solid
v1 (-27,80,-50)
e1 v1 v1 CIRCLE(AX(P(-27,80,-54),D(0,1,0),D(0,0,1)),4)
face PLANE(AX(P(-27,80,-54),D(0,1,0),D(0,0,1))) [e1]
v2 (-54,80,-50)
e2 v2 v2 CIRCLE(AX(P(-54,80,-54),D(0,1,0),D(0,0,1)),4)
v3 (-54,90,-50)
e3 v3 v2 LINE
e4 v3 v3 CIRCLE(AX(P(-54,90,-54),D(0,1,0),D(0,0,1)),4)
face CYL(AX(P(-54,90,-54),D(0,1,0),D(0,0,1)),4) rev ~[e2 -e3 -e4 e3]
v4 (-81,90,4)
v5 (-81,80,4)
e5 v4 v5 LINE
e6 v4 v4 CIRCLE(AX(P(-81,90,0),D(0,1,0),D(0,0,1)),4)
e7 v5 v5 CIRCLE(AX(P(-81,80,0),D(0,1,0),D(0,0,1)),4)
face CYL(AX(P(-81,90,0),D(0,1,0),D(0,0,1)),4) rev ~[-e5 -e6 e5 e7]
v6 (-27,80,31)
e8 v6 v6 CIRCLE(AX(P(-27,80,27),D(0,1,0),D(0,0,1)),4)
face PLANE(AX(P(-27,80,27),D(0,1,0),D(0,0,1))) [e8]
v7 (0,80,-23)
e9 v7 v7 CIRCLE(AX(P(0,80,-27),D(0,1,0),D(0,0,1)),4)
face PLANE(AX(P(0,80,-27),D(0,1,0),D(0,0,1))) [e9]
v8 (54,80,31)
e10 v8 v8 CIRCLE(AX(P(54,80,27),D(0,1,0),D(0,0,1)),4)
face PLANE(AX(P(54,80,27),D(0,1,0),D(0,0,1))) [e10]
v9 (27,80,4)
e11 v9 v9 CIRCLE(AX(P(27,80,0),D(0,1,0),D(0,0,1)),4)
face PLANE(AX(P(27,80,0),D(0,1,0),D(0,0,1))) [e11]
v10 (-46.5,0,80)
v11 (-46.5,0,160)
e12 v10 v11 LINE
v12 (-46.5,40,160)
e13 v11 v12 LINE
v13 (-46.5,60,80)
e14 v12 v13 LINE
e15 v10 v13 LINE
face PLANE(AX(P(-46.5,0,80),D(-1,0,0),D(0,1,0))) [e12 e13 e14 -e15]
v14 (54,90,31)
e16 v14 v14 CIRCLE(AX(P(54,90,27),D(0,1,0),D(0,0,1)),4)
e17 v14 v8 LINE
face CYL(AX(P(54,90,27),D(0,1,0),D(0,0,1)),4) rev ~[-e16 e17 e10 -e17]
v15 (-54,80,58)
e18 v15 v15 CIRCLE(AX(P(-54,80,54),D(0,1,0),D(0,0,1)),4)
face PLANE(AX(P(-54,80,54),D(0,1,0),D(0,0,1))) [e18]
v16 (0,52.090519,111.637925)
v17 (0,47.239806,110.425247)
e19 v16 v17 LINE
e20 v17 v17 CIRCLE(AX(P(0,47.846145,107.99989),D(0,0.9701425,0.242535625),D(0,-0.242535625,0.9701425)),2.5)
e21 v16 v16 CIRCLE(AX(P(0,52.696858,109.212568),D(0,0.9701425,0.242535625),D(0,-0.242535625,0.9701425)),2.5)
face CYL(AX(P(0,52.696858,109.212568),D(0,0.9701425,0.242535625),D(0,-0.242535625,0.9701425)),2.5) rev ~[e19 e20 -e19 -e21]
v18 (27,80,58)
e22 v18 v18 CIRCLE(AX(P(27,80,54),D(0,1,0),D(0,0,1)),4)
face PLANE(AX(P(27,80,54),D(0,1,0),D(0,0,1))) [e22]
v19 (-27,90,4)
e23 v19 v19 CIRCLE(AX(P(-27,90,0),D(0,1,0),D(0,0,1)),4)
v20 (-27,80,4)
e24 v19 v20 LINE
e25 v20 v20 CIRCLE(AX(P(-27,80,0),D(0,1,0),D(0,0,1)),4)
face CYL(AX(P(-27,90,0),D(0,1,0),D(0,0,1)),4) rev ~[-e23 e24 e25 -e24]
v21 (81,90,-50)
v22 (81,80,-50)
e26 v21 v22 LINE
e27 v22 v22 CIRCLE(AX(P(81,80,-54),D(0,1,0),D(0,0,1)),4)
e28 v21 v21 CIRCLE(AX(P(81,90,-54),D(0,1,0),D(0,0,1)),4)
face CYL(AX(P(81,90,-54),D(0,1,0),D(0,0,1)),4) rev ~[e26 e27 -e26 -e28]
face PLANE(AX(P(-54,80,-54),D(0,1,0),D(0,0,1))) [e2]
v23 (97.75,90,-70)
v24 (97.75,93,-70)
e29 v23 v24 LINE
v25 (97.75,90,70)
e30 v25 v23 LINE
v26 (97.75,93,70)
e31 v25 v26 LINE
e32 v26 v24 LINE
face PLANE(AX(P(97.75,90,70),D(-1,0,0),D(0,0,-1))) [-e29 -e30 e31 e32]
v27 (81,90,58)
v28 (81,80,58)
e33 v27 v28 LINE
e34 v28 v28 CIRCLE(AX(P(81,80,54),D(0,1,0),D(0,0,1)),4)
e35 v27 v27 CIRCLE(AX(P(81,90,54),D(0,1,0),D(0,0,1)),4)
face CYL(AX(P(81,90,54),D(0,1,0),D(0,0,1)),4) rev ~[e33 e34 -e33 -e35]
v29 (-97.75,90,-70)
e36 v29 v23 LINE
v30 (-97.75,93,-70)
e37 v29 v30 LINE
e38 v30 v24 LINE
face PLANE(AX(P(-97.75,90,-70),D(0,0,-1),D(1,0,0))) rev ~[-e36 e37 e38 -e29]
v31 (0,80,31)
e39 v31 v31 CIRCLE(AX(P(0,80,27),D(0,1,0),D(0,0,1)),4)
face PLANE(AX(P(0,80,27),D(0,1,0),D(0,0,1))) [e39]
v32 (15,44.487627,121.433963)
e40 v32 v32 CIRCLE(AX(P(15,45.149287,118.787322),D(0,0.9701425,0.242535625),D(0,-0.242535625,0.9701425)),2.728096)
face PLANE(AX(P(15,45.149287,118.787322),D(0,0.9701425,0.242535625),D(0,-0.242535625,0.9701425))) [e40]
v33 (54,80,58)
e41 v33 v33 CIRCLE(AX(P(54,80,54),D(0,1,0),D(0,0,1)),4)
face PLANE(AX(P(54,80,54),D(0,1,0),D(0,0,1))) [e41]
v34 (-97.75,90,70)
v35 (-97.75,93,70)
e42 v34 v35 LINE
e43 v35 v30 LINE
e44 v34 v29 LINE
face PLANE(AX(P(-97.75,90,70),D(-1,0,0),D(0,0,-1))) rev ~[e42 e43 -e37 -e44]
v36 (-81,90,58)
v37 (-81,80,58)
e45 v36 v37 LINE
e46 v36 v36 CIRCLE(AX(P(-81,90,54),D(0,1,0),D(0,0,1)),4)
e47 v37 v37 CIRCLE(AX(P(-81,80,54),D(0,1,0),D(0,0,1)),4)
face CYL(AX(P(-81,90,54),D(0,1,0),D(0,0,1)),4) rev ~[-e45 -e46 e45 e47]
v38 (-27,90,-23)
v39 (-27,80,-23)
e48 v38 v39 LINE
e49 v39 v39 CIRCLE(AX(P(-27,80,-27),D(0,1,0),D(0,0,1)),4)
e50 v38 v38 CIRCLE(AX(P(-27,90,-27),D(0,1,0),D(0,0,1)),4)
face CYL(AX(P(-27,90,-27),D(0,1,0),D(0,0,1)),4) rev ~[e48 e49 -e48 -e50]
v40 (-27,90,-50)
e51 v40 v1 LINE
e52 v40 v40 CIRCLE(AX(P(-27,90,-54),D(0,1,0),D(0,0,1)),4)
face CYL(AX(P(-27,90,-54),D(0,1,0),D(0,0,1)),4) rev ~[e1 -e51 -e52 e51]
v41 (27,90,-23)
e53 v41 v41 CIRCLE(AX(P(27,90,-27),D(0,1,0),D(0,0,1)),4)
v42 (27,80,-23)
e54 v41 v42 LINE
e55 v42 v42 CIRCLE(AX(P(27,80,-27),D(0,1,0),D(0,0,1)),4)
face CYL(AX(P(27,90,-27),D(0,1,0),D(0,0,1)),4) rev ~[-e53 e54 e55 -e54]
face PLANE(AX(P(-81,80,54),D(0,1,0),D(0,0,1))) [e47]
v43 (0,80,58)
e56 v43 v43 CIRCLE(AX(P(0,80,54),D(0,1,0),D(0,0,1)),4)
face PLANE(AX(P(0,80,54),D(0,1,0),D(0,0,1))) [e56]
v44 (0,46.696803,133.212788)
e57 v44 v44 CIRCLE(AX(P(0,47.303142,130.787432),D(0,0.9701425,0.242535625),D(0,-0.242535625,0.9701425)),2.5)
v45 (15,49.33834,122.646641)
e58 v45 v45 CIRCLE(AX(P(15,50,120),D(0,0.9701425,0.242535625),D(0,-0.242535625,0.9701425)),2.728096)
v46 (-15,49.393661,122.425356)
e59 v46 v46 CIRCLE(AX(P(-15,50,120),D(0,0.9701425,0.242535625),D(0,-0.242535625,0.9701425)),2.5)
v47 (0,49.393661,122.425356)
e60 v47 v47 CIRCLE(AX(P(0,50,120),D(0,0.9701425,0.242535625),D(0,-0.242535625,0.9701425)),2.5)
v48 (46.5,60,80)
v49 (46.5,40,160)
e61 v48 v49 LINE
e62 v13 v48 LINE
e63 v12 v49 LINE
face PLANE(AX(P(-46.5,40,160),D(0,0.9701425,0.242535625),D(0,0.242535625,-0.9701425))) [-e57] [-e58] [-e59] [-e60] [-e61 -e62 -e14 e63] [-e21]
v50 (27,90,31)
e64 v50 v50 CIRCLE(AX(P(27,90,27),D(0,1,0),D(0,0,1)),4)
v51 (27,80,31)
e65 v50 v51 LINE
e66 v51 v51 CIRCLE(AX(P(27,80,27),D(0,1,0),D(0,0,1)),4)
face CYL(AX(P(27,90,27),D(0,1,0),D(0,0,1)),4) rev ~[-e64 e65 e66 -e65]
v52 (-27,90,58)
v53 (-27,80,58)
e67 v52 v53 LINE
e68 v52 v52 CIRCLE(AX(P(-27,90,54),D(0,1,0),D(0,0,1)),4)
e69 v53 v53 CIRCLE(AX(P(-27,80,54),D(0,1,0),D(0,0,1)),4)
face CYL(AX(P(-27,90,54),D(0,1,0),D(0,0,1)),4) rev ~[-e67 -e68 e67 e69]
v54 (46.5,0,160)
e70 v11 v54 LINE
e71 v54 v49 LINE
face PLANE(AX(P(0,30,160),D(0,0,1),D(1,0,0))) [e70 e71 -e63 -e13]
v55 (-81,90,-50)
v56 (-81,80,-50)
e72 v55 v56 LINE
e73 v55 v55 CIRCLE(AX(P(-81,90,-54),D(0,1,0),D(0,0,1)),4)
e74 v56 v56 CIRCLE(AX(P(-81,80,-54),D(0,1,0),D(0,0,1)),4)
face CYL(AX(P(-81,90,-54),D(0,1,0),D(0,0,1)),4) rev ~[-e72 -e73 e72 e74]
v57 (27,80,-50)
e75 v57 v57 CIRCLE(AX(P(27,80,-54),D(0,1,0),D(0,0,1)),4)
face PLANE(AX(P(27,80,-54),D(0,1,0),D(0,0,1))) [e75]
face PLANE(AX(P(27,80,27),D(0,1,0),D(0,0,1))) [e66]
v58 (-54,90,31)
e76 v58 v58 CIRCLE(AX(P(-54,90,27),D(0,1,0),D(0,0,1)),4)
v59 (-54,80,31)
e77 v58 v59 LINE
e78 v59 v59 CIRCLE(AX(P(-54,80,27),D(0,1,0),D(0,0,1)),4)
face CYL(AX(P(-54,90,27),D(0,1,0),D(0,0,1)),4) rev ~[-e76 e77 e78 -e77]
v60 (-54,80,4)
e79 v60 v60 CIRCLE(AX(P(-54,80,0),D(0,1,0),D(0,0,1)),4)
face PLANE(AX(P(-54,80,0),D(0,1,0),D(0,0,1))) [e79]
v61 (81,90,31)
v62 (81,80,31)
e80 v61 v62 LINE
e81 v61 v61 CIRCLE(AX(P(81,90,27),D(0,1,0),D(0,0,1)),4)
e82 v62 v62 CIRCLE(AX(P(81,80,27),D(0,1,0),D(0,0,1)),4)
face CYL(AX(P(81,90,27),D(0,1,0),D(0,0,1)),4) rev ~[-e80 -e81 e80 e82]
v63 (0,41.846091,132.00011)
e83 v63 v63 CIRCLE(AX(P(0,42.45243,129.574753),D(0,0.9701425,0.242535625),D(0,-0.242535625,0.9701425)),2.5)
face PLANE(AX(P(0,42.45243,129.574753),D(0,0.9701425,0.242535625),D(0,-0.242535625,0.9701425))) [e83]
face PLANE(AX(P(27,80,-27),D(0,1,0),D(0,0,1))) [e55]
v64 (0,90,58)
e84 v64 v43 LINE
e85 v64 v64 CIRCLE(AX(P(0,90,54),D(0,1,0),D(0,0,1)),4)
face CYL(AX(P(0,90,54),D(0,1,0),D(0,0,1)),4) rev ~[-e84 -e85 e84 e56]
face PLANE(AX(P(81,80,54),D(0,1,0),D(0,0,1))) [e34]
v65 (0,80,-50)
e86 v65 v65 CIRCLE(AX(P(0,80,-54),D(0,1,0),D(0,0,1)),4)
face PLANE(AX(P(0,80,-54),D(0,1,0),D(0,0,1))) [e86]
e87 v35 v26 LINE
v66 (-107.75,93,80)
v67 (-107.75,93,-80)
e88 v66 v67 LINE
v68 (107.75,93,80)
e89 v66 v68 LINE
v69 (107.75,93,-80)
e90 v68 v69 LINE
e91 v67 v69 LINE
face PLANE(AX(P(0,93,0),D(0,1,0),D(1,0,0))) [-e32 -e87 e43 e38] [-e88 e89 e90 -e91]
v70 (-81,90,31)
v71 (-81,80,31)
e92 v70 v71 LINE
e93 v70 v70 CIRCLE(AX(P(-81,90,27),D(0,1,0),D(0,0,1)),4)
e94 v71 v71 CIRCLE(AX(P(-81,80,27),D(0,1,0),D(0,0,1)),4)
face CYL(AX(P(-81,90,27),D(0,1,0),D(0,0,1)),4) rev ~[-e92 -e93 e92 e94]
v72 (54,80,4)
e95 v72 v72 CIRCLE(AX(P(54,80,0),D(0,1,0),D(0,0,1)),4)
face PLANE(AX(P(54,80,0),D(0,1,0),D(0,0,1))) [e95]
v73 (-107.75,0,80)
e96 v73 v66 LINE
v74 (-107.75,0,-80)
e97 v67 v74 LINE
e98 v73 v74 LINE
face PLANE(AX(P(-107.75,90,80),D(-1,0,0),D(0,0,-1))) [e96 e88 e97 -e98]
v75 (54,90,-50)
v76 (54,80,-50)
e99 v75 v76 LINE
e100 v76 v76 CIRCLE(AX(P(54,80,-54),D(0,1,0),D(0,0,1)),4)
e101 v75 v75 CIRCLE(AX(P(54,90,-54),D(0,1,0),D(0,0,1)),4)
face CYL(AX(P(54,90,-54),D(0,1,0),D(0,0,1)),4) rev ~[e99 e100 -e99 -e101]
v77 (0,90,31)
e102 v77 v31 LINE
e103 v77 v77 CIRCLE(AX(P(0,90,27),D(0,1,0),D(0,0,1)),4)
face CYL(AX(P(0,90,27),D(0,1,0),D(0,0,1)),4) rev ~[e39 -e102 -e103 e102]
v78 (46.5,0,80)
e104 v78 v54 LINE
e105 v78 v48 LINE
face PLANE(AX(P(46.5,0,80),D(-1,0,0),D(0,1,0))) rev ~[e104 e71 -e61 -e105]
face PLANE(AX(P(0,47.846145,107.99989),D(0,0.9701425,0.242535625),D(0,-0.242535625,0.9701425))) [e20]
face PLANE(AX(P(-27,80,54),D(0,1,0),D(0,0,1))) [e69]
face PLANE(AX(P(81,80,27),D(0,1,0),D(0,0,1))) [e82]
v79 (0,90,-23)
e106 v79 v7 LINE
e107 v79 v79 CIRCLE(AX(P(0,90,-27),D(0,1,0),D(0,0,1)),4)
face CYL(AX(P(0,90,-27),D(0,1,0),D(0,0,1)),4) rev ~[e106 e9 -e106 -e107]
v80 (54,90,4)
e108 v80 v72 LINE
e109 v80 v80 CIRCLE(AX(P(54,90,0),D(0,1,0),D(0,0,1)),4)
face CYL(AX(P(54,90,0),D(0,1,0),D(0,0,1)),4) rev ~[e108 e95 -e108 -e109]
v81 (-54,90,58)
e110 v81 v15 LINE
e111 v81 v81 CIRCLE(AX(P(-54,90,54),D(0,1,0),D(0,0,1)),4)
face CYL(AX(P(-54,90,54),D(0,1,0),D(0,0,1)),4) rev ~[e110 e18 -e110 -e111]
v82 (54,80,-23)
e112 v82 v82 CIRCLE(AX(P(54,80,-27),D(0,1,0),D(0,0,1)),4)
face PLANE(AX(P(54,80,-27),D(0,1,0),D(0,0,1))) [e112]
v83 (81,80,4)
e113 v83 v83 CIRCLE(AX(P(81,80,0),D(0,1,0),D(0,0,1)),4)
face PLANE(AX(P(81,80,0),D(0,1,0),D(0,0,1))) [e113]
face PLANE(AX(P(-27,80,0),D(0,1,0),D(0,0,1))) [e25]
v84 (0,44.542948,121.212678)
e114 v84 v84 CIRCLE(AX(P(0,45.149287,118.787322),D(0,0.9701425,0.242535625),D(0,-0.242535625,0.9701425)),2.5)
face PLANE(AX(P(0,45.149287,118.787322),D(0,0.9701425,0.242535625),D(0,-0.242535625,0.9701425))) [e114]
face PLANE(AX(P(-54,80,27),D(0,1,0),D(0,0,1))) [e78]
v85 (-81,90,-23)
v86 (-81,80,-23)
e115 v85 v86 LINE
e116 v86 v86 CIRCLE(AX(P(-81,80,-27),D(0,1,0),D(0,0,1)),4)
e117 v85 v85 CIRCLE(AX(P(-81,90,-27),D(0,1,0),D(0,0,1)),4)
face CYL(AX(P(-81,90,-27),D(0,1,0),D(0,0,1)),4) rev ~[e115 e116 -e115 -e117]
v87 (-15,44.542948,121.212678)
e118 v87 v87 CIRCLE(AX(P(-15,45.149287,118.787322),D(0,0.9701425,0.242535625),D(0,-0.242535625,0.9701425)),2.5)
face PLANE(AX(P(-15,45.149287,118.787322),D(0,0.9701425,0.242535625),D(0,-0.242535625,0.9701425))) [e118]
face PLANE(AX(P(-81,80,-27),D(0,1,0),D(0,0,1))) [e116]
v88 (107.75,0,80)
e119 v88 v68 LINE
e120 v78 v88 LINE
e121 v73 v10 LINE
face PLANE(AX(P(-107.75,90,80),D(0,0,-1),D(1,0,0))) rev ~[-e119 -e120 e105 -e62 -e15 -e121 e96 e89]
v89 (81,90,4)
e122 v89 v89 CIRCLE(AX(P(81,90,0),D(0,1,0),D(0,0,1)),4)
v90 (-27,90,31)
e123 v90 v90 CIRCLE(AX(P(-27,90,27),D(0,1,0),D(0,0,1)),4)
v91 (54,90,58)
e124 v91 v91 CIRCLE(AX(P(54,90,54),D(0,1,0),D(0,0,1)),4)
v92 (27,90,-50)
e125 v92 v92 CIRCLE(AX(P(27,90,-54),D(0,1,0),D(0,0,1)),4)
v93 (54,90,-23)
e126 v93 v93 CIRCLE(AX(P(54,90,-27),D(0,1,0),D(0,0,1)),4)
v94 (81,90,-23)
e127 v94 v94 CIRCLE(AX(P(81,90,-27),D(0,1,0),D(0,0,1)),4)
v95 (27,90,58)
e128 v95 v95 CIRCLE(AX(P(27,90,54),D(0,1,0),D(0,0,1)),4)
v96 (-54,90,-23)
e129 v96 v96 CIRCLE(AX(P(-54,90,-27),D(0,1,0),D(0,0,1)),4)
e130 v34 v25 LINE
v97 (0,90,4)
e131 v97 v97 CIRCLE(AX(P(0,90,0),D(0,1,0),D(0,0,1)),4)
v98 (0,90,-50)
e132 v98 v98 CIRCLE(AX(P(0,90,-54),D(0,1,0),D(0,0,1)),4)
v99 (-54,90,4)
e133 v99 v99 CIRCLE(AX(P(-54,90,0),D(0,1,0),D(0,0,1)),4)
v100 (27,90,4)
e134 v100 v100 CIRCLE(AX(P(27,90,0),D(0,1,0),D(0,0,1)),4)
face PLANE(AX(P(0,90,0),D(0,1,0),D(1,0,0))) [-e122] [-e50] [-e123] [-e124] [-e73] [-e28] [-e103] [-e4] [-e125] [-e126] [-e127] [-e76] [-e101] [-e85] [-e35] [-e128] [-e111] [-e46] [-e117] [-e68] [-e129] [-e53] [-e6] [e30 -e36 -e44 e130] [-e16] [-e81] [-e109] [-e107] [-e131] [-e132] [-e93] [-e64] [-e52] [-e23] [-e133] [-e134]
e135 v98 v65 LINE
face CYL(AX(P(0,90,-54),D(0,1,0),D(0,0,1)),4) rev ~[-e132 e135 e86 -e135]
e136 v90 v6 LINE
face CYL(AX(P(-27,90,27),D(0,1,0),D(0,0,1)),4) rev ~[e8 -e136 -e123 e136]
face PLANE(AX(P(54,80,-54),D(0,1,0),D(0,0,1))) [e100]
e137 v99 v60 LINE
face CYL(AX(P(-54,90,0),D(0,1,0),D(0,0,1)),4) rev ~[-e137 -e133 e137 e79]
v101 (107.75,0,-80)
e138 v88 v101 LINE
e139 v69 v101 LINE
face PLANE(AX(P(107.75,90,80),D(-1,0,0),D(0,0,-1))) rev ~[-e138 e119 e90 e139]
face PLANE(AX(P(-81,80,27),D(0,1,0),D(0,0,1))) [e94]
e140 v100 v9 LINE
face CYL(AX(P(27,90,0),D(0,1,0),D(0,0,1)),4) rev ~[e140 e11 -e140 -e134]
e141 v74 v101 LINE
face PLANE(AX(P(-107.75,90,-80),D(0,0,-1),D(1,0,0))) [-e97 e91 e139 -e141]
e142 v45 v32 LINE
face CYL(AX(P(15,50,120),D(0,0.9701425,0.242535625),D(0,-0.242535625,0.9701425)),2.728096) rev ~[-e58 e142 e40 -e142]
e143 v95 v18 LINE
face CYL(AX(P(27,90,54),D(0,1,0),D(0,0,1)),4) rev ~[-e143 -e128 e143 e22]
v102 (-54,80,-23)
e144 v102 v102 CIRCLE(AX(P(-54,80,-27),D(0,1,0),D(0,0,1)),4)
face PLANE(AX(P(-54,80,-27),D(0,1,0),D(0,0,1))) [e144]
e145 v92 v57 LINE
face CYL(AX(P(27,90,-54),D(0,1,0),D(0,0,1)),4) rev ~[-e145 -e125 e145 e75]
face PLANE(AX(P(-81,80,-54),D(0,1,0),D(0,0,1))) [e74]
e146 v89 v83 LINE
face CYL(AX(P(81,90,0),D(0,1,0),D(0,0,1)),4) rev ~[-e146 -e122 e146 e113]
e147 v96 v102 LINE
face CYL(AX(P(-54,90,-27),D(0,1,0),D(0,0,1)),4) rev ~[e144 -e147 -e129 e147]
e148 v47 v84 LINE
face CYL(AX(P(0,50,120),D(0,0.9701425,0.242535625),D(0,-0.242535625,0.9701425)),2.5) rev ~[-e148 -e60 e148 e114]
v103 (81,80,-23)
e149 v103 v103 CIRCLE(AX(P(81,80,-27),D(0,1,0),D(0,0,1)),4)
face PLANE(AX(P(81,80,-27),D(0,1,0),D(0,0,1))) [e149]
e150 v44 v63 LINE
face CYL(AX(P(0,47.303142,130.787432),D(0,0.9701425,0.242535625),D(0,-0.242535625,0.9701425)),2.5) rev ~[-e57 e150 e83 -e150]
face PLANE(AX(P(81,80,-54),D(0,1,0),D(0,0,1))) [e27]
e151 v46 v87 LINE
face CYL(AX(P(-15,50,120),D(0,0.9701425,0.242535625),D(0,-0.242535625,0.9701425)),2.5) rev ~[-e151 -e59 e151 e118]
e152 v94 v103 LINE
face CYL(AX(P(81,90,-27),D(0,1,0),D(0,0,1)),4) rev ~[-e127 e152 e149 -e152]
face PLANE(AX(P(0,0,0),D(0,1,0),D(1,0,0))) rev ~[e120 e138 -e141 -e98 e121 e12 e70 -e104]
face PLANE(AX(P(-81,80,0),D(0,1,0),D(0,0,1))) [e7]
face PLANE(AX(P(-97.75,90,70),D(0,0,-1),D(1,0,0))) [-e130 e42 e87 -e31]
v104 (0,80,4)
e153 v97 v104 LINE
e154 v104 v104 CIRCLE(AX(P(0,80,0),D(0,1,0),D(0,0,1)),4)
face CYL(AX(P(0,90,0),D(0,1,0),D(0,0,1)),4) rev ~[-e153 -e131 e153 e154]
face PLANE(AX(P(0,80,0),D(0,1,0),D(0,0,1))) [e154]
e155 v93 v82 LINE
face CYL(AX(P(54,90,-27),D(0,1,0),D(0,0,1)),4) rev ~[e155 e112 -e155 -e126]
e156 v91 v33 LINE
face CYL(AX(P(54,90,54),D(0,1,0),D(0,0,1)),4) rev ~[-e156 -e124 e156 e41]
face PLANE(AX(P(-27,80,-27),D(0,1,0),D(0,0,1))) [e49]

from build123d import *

# Parameters (mm, degrees)
ESBO_O1_W                = 215.5
ESBO_O1_H                = 160
RESSALTO_EXTRUS_O1_DEPTH = 90
ESBO_O2_W                = 93
ESBO_O2_H                = 60
RESSALTO_EXTRUS_O2_DEPTH = 80
CORTE_EXTRUS_O1_REACH    = 241.777
ESBO_O4_R                = 2.5
ESBO_O4_R_2              = 2.72809557
CORTE_EXTRUS_O2_DEPTH    = 5
ESBO_O5_W                = 215.5
ESBO_O5_H                = 160
ESBO_O5_W_2              = 195.5
ESBO_O5_H_2              = 140
RESSALTO_EXTRUS_O3_DEPTH = 3
ESBO_O6_R                = 4
CORTE_EXTRUS_O3_DEPTH    = 10


with BuildPart() as part:
    # Esboço1 → Ressalto-extrusão1 (new body)
    with BuildSketch(Plane(origin=(0, 0, 0), x_dir=(1, 0, 0), z_dir=(0, 1, 0))):
        Rectangle(ESBO_O1_W, ESBO_O1_H)
    extrude(amount=RESSALTO_EXTRUS_O1_DEPTH)

    # Esboço2 → Ressalto-extrusão2 (add)
    with BuildSketch(Plane.XY.offset(80)):
        with Locations((0, 30)):
            Rectangle(ESBO_O2_W, ESBO_O2_H)
    extrude(amount=RESSALTO_EXTRUS_O2_DEPTH)

    # Esboço3 → Corte-extrusão1 (cut, up to next)
    with BuildSketch(Plane.ZY.offset(46.5), mode=Mode.PRIVATE) as corte_extrus_o1_sk1:
        Polygon((160, 60), (160, 40), (80, 60), align=None)
    corte_extrus_o1_tool1 = extrude(corte_extrus_o1_sk1.sketch, amount=-CORTE_EXTRUS_O1_REACH, mode=Mode.PRIVATE) & part.part
    add(corte_extrus_o1_tool1.solids().sort_by_distance((-46.5, 53.333333, 133.333333))[0], mode=Mode.SUBTRACT)

    # Esboço4 → Corte-extrusão2 (cut)
    with BuildSketch(Plane(origin=(0, 75.294117647, 18.823529412), x_dir=(1, 0, 0), z_dir=(0, 0.9701425001453319, 0.24253562503633308))):
        with Locations(Location((0, -115.409748765, 0), (0, 0, 270))):
            Circle(ESBO_O4_R)
        with Locations(Location((-15, -104.290318766, 0), (0, 0, 270))):
            Circle(ESBO_O4_R)
        with Locations(Location((0, -93.170888766, 0), (0, 0, 270))):
            Circle(ESBO_O4_R)
        with Locations(Location((0, -104.290318766, 0), (0, 0, 270))):
            Circle(ESBO_O4_R)
        with Locations(Location((15, -104.290318766, 0), (0, 0, 270))):
            Circle(ESBO_O4_R_2)
    extrude(amount=-CORTE_EXTRUS_O2_DEPTH, mode=Mode.SUBTRACT)

    # Esboço5 → Ressalto-extrusão3 (add)
    with BuildSketch(Plane(origin=(0, 90, 0), x_dir=(1, 0, 0), z_dir=(0, 1, 0))):
        Rectangle(ESBO_O5_W, ESBO_O5_H)
        Rectangle(ESBO_O5_W_2, ESBO_O5_H_2, mode=Mode.SUBTRACT)
    extrude(amount=RESSALTO_EXTRUS_O3_DEPTH)

    # Esboço6 → Corte-extrusão3 (cut)
    with BuildSketch(Plane(origin=(0, 90, 0), x_dir=(1, 0, 0), z_dir=(0, 1, 0))):
        with Locations(Location((-81, 54, 0), (0, 0, 270))):
            Circle(ESBO_O6_R)
        with Locations(Location((-54, 54, 0), (0, 0, 270))):
            Circle(ESBO_O6_R)
        with Locations(Location((-27, 54, 0), (0, 0, 270))):
            Circle(ESBO_O6_R)
        with Locations(Location((0, 54, 0), (0, 0, 270))):
            Circle(ESBO_O6_R)
        with Locations(Location((27, 54, 0), (0, 0, 270))):
            Circle(ESBO_O6_R)
        with Locations(Location((54, 54, 0), (0, 0, 270))):
            Circle(ESBO_O6_R)
        with Locations(Location((81, 54, 0), (0, 0, 270))):
            Circle(ESBO_O6_R)
        with Locations(Location((81, 27, 0), (0, 0, 270))):
            Circle(ESBO_O6_R)
        with Locations(Location((54, 27, 0), (0, 0, 270))):
            Circle(ESBO_O6_R)
        with Locations(Location((27, 27, 0), (0, 0, 270))):
            Circle(ESBO_O6_R)
        with Locations(Location((0, 27, 0), (0, 0, 270))):
            Circle(ESBO_O6_R)
        with Locations(Location((-27, 27, 0), (0, 0, 270))):
            Circle(ESBO_O6_R)
        with Locations(Location((-54, 27, 0), (0, 0, 270))):
            Circle(ESBO_O6_R)
        with Locations(Location((-81, 27, 0), (0, 0, 270))):
            Circle(ESBO_O6_R)
        with Locations(Location((-81, 0, 0), (0, 0, 270))):
            Circle(ESBO_O6_R)
        with Locations(Location((-54, 0, 0), (0, 0, 270))):
            Circle(ESBO_O6_R)
        with Locations(Location((-27, 0, 0), (0, 0, 270))):
            Circle(ESBO_O6_R)
        with Locations(Location((0, 0, 0), (0, 0, 270))):
            Circle(ESBO_O6_R)
        with Locations(Location((27, 0, 0), (0, 0, 270))):
            Circle(ESBO_O6_R)
        with Locations(Location((54, 0, 0), (0, 0, 270))):
            Circle(ESBO_O6_R)
        with Locations(Location((81, 0, 0), (0, 0, 270))):
            Circle(ESBO_O6_R)
        with Locations(Location((81, -27, 0), (0, 0, 270))):
            Circle(ESBO_O6_R)
        with Locations(Location((54, -27, 0), (0, 0, 270))):
            Circle(ESBO_O6_R)
        with Locations(Location((27, -27, 0), (0, 0, 270))):
            Circle(ESBO_O6_R)
        with Locations(Location((0, -27, 0), (0, 0, 270))):
            Circle(ESBO_O6_R)
        with Locations(Location((-27, -27, 0), (0, 0, 270))):
            Circle(ESBO_O6_R)
        with Locations(Location((-54, -27, 0), (0, 0, 270))):
            Circle(ESBO_O6_R)
        with Locations(Location((-81, -27, 0), (0, 0, 270))):
            Circle(ESBO_O6_R)
        with Locations(Location((-81, -54, 0), (0, 0, 270))):
            Circle(ESBO_O6_R)
        with Locations(Location((-54, -54, 0), (0, 0, 270))):
            Circle(ESBO_O6_R)
        with Locations(Location((-27, -54, 0), (0, 0, 270))):
            Circle(ESBO_O6_R)
        with Locations(Location((0, -54, 0), (0, 0, 270))):
            Circle(ESBO_O6_R)
        with Locations(Location((27, -54, 0), (0, 0, 270))):
            Circle(ESBO_O6_R)
        with Locations(Location((54, -54, 0), (0, 0, 270))):
            Circle(ESBO_O6_R)
        with Locations(Location((81, -54, 0), (0, 0, 270))):
            Circle(ESBO_O6_R)
    extrude(amount=-CORTE_EXTRUS_O3_DEPTH, mode=Mode.SUBTRACT)


solid = part.part
